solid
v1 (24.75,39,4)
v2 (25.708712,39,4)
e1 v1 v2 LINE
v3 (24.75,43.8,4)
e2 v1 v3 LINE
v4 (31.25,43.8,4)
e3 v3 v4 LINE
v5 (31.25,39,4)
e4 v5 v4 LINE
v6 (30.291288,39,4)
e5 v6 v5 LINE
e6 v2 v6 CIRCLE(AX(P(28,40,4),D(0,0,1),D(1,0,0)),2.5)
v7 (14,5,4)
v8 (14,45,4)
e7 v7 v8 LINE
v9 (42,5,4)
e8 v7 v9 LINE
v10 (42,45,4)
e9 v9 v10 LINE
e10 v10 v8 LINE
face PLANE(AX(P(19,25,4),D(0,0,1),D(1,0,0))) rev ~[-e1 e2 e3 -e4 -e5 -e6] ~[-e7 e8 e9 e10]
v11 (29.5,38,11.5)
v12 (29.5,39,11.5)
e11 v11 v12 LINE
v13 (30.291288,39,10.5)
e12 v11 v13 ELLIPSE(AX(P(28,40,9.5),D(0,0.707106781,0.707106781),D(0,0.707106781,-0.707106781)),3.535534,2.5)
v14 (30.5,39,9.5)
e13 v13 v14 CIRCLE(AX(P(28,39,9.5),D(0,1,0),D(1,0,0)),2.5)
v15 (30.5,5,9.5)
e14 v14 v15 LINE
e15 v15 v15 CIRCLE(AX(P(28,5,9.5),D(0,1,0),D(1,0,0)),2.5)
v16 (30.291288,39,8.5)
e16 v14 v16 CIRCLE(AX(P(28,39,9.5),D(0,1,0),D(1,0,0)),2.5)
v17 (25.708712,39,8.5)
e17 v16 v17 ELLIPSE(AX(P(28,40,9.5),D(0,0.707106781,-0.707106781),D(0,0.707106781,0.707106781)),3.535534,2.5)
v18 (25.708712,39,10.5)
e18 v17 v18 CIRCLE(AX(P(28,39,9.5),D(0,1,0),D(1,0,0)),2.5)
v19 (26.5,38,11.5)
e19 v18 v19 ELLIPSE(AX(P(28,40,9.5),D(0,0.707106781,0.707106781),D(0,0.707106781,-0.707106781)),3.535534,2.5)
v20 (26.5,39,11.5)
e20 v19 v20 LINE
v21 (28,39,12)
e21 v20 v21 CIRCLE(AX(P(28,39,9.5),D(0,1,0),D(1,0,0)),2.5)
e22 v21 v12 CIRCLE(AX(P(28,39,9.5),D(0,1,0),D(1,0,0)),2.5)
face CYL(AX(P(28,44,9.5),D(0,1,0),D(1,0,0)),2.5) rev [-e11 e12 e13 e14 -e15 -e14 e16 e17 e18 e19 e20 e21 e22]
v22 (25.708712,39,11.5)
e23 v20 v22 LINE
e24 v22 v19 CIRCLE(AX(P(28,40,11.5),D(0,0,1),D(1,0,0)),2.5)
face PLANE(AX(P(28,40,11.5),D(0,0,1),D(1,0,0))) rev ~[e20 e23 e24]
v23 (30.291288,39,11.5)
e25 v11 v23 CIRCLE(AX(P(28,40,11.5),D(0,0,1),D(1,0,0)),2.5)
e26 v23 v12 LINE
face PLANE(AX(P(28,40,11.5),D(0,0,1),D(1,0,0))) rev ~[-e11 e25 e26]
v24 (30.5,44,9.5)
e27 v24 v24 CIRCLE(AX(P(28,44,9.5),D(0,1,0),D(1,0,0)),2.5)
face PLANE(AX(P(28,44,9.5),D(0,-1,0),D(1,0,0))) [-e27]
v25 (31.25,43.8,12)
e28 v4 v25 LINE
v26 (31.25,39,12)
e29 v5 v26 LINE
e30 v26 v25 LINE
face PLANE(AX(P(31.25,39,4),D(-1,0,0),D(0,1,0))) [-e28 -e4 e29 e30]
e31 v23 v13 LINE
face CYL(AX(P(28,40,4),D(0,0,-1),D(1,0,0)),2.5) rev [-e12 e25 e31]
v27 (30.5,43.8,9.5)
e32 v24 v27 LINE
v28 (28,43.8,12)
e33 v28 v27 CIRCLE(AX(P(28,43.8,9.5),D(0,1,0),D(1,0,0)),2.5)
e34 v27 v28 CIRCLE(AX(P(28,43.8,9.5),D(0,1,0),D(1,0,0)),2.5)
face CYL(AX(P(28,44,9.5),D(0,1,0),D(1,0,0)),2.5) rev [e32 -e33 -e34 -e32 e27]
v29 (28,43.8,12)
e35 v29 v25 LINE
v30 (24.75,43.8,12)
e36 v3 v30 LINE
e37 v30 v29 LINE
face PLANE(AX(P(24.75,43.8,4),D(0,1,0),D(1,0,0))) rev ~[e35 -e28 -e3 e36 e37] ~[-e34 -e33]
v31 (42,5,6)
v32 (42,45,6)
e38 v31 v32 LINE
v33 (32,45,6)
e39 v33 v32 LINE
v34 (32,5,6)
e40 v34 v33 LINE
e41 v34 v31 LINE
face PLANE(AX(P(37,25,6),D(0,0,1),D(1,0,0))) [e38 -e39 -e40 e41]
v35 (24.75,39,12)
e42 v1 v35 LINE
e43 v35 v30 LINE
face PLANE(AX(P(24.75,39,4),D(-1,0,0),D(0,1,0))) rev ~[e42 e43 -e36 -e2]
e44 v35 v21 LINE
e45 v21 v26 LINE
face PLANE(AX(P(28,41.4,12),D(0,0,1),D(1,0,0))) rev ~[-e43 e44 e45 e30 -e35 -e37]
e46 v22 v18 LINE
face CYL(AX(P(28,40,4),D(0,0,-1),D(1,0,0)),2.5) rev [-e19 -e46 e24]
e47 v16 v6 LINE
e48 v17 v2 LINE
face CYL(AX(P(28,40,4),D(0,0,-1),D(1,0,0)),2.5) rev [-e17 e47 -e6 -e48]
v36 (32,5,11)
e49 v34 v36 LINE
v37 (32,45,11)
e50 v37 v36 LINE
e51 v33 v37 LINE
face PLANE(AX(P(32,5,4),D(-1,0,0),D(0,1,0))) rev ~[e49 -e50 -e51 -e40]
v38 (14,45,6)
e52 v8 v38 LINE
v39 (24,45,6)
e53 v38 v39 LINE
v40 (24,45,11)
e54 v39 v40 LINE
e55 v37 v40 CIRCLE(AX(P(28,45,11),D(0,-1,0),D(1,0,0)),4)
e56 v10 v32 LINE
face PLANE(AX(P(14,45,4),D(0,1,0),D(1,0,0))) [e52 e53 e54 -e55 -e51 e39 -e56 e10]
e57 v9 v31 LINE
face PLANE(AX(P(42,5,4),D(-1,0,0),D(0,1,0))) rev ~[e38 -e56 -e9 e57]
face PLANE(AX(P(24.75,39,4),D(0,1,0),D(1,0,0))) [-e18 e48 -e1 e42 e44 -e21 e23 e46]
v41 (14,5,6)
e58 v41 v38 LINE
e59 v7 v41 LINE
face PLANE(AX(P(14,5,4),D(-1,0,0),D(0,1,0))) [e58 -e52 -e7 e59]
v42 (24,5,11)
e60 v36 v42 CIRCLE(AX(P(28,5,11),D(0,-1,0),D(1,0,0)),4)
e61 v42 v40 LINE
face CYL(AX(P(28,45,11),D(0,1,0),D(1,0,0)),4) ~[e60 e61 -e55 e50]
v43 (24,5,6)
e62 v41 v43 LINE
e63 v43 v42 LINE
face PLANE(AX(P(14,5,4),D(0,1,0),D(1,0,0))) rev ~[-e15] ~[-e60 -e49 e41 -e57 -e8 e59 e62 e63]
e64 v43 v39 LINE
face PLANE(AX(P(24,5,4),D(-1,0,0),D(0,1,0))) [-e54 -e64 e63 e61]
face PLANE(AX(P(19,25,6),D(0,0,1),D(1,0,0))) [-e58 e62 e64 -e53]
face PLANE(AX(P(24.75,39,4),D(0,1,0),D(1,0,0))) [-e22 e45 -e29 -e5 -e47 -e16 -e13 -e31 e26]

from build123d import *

# Parameters (mm, degrees)
BOX003_W               = 6.5
BOX003_H               = 4.8
BOX003_DEPTH           = 8
CYLINDER003_R          = 2.5
CYLINDER003_DEPTH      = 7.5
CYLINDER002_R          = 4
CYLINDER002_DEPTH      = 40
CYLINDER002_ROLL_ANGLE = 90
BOX_W                  = 8
BOX_H                  = 40
BOX_DEPTH              = 7
CYLINDER001_R          = 2.5
CYLINDER001_DEPTH      = 39
CYLINDER001_ROLL_ANGLE = 90
CYLINDER_R             = 4
CYLINDER_DEPTH         = 40
CYLINDER_ROLL_ANGLE    = 90
BOX004_W               = 10
BOX004_H               = 40
BOX004_DEPTH           = 2
BOX002_W               = 10
BOX002_H               = 40
BOX002_DEPTH           = 2


with BuildPart() as cube:
    # Box003 → Box003 (new body)
    with BuildSketch(Plane(origin=(-0.25, 0, 0), x_dir=(1, 0, 0), z_dir=(0, 0, 1))):
        with Locations((3.25, 2.4)):
            Rectangle(BOX003_W, BOX003_H)
    extrude(amount=BOX003_DEPTH)


with BuildPart() as rx_module:
    # Cylinder003 → Cylinder003 (new body)
    with BuildSketch(Plane(origin=(3, 1, 0), x_dir=(1, 0, 0), z_dir=(0, 0, 1))):
        Circle(CYLINDER003_R)
    extrude(amount=CYLINDER003_DEPTH)

    # Fusion001: union Cube
    add(cube.part)


with BuildPart() as rx_module_1:
    # Fusion001 placement: moved
    add(rx_module.part.moved(Location((25, 39, 4))))


with BuildPart() as base_cut:
    # Cylinder002 → Cylinder002 (new body)
    with BuildSketch(Plane.XY):
        Circle(CYLINDER002_R)
    extrude(amount=CYLINDER002_DEPTH)


with BuildPart() as base_cut_1:
    # Cylinder002 roll: moved
    add(base_cut.part.rotate(Axis((0, 0, 0), (1, 0, 0)), CYLINDER002_ROLL_ANGLE))


with BuildPart() as base_cut_2:
    # Cylinder002 placement: moved
    add(base_cut_1.part.moved(Location((28, 45, 11))))


with BuildPart() as cut:
    # Box → Box (new body)
    with BuildSketch(Plane(origin=(24, 5, 4), x_dir=(1, 0, 0), z_dir=(0, 0, 1))):
        with Locations((4, 20)):
            Rectangle(BOX_W, BOX_H)
    extrude(amount=BOX_DEPTH)

    # Cut: cut Base_cut
    add(base_cut_2.part, mode=Mode.SUBTRACT)


with BuildPart() as cylinder001:
    # Cylinder001 → Cylinder001 (new body)
    with BuildSketch(Plane.XY):
        Circle(CYLINDER001_R)
    extrude(amount=CYLINDER001_DEPTH)


with BuildPart() as cylinder001_1:
    # Cylinder001 roll: moved
    add(cylinder001.part.rotate(Axis((0, 0, 0), (1, 0, 0)), CYLINDER001_ROLL_ANGLE))


with BuildPart() as cylinder001_2:
    # Cylinder001 placement: moved
    add(cylinder001_1.part.moved(Location((28, 44, 9.5))))


with BuildPart() as cut002:
    # Cylinder → Cylinder (new body)
    with BuildSketch(Plane.XY):
        Circle(CYLINDER_R)
    extrude(amount=CYLINDER_DEPTH)


with BuildPart() as cut002_1:
    # Cylinder roll: moved
    add(cut002.part.rotate(Axis((0, 0, 0), (1, 0, 0)), CYLINDER_ROLL_ANGLE))


with BuildPart() as cut002_2:
    # Cylinder placement: moved
    add(cut002_1.part.moved(Location((28, 45, 11))))

    # Cut001: cut Cylinder001
    add(cylinder001_2.part, mode=Mode.SUBTRACT)

    # Fusion: union Cut
    add(cut.part)

    # Cut002: cut Rx Module
    add(rx_module_1.part, mode=Mode.SUBTRACT)


with BuildPart() as pcb001:
    # Box004 → Box004 (new body)
    with BuildSketch(Plane(origin=(14, 5, 4), x_dir=(1, 0, 0), z_dir=(0, 0, 1))):
        with Locations((5, 20)):
            Rectangle(BOX004_W, BOX004_H)
    extrude(amount=BOX004_DEPTH)


with BuildPart() as fusion002:
    # Box002 → Box002 (new body)
    with BuildSketch(Plane(origin=(32, 5, 4), x_dir=(1, 0, 0), z_dir=(0, 0, 1))):
        with Locations((5, 20)):
            Rectangle(BOX002_W, BOX002_H)
    extrude(amount=BOX002_DEPTH)

    # Fusion002: union Cut002, PCB001
    add(cut002_2.part)
    add(pcb001.part)


solid = fusion002.part
